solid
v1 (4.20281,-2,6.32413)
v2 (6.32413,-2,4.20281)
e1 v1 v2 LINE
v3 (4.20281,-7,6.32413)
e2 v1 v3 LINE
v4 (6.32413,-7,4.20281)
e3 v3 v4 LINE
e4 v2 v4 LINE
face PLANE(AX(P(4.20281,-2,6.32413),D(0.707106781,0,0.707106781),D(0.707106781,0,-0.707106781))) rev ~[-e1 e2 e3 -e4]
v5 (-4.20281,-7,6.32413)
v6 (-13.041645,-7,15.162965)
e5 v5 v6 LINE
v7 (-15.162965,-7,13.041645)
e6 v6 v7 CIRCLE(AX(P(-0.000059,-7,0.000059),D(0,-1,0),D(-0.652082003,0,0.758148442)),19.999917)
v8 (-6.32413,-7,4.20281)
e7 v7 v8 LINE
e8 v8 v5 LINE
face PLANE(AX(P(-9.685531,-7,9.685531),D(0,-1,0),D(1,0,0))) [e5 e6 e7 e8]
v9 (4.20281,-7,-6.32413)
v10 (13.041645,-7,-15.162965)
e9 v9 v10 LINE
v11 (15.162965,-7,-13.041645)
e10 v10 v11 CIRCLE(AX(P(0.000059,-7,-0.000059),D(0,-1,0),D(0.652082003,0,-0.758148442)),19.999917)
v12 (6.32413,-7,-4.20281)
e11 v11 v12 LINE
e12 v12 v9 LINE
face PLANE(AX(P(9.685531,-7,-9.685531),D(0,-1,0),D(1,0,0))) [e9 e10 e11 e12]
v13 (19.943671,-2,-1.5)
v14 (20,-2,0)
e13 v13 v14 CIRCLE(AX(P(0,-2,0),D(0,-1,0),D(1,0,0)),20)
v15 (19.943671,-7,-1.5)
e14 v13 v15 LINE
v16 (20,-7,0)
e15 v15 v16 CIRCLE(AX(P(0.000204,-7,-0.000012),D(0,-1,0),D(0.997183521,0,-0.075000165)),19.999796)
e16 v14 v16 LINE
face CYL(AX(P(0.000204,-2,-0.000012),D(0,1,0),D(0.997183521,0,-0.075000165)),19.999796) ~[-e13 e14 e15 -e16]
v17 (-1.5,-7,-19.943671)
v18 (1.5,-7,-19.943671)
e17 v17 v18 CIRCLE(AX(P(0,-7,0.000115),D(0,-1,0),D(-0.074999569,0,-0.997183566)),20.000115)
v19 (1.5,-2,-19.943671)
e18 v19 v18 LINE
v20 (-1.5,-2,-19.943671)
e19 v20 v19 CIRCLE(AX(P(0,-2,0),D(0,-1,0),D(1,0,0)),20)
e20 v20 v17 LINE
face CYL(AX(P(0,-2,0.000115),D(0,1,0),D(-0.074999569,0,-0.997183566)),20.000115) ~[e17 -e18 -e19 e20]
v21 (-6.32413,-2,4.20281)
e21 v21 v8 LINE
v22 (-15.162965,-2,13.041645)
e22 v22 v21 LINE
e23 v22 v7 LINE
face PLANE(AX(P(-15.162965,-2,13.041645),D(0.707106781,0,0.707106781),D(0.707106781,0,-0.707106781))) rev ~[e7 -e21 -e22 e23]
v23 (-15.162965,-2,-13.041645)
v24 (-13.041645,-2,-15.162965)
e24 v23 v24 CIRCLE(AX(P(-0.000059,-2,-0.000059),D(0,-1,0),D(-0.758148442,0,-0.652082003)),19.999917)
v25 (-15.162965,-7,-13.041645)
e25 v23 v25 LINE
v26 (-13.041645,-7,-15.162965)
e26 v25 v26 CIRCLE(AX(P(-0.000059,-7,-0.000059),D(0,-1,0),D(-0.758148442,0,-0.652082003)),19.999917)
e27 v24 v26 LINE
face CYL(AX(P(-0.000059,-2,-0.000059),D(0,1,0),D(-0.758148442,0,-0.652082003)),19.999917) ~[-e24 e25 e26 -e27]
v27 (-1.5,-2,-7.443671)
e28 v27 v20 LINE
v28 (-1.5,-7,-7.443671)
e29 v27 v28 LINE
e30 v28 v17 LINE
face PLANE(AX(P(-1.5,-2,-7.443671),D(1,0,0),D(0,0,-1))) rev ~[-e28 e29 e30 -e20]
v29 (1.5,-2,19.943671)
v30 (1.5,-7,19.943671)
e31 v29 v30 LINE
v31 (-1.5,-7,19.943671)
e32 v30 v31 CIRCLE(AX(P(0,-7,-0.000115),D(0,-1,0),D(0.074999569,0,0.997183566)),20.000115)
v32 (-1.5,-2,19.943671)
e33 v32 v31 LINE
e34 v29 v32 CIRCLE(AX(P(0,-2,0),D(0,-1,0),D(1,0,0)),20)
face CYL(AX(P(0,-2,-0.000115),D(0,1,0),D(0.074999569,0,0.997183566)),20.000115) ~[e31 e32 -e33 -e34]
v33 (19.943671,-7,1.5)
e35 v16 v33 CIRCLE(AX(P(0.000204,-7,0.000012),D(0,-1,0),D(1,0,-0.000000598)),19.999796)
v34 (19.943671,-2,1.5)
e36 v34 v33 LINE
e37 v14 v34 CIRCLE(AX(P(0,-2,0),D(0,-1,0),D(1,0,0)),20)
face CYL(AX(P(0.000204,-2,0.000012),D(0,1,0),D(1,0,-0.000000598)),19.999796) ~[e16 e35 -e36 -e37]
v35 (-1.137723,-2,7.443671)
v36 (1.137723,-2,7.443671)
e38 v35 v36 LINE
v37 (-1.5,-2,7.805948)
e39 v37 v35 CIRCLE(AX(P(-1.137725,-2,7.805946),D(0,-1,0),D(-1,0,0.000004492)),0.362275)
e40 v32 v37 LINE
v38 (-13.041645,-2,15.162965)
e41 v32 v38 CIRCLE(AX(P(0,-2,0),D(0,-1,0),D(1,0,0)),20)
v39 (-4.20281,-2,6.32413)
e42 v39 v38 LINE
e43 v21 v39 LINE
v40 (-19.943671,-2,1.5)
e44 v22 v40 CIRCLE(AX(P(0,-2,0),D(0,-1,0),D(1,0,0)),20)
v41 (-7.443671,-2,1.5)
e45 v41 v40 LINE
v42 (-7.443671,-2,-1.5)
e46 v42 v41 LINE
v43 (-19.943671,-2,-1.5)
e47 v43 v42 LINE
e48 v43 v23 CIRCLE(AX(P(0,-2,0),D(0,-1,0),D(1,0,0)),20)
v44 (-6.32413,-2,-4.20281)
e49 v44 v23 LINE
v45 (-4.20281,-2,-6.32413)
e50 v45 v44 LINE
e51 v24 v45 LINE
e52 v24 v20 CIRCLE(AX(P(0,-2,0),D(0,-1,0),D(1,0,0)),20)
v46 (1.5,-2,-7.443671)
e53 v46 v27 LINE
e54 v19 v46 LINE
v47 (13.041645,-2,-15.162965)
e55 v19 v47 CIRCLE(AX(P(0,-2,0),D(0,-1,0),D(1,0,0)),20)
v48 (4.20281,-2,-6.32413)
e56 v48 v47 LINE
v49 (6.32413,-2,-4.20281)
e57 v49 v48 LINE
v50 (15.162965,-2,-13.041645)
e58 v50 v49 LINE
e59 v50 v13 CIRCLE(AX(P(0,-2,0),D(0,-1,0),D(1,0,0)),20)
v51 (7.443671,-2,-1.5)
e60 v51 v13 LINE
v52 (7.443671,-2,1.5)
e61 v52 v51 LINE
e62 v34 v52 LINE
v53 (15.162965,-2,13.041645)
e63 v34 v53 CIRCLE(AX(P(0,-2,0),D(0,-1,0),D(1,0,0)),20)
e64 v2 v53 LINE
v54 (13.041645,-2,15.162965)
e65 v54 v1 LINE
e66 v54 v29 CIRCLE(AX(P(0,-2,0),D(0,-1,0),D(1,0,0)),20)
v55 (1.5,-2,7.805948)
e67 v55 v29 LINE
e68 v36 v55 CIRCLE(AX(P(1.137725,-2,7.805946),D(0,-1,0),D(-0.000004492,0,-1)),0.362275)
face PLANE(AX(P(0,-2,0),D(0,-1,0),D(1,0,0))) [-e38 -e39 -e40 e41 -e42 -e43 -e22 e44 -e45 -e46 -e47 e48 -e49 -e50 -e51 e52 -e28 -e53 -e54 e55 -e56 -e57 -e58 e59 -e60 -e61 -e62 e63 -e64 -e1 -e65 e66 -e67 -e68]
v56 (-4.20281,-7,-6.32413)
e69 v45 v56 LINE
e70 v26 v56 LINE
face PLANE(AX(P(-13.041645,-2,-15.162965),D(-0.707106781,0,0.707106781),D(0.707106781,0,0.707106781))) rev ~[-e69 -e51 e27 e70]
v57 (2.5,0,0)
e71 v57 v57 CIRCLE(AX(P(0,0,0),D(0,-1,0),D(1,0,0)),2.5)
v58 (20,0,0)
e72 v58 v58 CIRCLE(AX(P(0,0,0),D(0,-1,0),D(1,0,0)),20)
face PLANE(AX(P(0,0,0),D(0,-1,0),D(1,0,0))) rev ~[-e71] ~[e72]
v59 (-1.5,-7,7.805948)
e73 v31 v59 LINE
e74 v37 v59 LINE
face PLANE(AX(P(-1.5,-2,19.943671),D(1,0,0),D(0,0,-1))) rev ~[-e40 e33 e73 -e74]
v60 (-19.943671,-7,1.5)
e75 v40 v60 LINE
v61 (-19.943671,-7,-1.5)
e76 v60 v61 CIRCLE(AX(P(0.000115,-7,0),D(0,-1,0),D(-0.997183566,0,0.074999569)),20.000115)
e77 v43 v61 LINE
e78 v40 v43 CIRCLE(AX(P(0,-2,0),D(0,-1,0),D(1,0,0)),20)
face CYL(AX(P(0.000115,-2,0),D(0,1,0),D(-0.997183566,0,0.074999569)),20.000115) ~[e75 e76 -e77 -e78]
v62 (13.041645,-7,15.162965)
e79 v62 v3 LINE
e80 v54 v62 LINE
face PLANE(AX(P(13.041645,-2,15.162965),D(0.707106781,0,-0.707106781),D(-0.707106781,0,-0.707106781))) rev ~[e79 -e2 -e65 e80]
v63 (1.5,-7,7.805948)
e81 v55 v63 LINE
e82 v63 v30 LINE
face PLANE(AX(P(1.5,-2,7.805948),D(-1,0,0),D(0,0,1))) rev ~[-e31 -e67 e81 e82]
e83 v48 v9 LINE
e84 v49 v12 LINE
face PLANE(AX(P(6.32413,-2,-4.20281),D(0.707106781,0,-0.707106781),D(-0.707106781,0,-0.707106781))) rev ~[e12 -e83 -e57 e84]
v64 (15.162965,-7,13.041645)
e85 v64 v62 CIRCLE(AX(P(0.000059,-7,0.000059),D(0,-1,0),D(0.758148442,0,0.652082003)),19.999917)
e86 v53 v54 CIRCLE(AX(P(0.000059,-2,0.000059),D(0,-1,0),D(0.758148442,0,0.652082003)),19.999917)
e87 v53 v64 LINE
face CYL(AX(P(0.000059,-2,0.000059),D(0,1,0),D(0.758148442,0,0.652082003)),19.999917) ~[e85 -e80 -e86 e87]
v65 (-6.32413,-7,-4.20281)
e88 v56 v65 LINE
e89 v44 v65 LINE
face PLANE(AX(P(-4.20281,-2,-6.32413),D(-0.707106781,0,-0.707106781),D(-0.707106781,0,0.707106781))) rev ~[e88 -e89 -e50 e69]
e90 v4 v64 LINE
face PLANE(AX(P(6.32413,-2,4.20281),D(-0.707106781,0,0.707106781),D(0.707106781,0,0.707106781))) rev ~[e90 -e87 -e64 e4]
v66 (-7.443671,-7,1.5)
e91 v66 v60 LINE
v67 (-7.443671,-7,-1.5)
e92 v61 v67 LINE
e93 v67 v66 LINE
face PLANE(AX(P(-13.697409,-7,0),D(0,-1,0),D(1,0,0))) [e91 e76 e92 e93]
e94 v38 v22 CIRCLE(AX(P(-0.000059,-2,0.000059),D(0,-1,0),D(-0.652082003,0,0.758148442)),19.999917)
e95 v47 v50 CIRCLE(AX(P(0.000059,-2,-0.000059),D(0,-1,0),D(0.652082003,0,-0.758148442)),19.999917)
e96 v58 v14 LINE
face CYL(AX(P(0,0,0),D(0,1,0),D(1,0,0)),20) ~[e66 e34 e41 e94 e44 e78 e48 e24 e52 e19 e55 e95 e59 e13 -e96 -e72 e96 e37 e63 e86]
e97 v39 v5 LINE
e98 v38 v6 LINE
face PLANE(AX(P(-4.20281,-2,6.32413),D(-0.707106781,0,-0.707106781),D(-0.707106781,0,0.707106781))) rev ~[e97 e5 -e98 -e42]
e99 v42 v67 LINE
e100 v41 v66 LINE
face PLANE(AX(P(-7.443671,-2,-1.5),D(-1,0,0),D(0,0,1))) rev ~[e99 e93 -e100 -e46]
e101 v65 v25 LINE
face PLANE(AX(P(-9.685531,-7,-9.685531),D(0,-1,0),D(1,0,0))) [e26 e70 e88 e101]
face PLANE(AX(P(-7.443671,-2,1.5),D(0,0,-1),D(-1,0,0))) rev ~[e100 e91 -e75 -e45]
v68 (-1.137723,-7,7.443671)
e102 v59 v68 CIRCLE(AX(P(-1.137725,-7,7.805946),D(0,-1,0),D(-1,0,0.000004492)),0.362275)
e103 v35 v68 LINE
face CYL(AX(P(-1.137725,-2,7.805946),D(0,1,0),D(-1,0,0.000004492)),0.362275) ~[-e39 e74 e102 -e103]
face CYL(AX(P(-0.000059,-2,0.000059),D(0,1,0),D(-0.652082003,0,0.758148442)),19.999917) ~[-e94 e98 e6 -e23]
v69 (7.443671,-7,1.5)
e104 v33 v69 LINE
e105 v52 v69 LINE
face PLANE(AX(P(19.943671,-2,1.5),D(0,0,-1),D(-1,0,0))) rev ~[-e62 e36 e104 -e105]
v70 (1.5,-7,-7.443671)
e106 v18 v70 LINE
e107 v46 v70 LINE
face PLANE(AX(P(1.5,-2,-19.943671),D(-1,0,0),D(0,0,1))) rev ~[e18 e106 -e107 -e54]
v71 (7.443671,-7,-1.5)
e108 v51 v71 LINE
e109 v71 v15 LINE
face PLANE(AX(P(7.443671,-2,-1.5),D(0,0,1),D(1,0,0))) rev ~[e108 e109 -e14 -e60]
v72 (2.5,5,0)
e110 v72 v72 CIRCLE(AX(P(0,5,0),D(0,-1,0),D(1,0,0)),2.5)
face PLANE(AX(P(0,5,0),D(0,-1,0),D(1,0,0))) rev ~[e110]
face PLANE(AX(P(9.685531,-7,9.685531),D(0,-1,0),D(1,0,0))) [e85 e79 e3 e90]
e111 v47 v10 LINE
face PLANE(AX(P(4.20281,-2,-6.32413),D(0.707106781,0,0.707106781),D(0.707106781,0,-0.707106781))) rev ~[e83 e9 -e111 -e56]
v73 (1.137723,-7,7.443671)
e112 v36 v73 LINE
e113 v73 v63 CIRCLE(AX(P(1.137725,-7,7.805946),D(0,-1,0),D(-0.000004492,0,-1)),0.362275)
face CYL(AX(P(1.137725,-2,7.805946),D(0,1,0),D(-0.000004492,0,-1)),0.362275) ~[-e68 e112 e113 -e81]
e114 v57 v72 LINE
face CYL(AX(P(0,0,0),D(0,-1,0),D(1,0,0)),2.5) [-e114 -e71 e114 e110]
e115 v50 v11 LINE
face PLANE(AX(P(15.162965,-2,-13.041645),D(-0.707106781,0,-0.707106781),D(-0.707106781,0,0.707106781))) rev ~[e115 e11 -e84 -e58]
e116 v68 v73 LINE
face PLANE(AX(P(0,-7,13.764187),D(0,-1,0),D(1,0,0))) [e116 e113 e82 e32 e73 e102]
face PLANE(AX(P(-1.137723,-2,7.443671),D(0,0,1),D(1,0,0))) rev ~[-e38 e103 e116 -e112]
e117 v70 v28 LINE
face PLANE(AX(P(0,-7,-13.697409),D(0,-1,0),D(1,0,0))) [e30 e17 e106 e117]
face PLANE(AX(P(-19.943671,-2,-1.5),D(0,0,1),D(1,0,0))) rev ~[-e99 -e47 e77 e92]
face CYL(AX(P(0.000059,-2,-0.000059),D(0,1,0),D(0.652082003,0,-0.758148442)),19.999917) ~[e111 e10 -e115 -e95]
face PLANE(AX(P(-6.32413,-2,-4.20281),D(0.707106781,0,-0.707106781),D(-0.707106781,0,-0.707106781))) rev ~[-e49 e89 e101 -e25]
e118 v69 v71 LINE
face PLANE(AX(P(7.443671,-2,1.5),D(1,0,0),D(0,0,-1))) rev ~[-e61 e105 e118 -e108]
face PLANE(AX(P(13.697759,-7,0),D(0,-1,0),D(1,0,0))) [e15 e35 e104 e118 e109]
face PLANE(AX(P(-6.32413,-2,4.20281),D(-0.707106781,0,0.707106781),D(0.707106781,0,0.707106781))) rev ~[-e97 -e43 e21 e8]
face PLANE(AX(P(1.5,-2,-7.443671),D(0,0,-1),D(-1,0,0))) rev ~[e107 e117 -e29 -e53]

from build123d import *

# Parameters (mm, degrees)
F0_R     = 20
F1_DEPTH = 2
F3_DEPTH = 5
F4_R     = 2.5
F5_DEPTH = 5


with BuildPart() as f1:
    # F0 (on Front) → F1 (new body)
    with BuildSketch(Plane.XZ):
        Circle(F0_R)
    extrude(amount=F1_DEPTH)

    # F2 (on face) → F3 (join)
    with BuildSketch(Plane.XZ.offset(2)):
        with BuildLine():
            Line((-4.20281, 6.32413), (-13.041645, 15.162965))
            ThreePointArc((-13.041645, 15.162965), (-14.142136, 14.142136), (-15.162965, 13.041645))
            Line((-15.162965, 13.041645), (-6.32413, 4.20281))
            Line((-6.32413, 4.20281), (-5.26347, 5.26347))
            Line((-5.26347, 5.26347), (-4.20281, 6.32413))
        make_face()
        with BuildLine():
            Line((-7.443671, 1.5), (-19.943671, 1.5))
            ThreePointArc((-19.943671, 1.5), (-20, 0), (-19.943671, -1.5))
            Line((-19.943671, -1.5), (-7.443671, -1.5))
            Line((-7.443671, -1.5), (-7.443671, 0))
            Line((-7.443671, 0), (-7.443671, 1.5))
        make_face()
        with BuildLine():
            Line((-6.32413, -4.20281), (-15.162965, -13.041645))
            ThreePointArc((-15.162965, -13.041645), (-14.142136, -14.142136), (-13.041645, -15.162965))
            Line((-13.041645, -15.162965), (-4.20281, -6.32413))
            Line((-4.20281, -6.32413), (-5.26347, -5.26347))
            Line((-5.26347, -5.26347), (-6.32413, -4.20281))
        make_face()
        with BuildLine():
            Line((-1.5, -7.443671), (-1.5, -19.943671))
            ThreePointArc((-1.5, -19.943671), (0, -20), (1.5, -19.943671))
            Line((1.5, -19.943671), (1.5, -7.443671))
            Line((1.5, -7.443671), (0, -7.443671))
            Line((0, -7.443671), (-1.5, -7.443671))
        make_face()
        with BuildLine():
            ThreePointArc((-1.5, 7.805948), (-1.393892, 7.549779), (-1.137723, 7.443671))
            Line((-1.137723, 7.443671), (0, 7.443671))
            Line((0, 7.443671), (1.137723, 7.443671))
            ThreePointArc((1.137723, 7.443671), (1.393892, 7.549779), (1.5, 7.805948))
            Line((1.5, 7.805948), (1.5, 19.943671))
            ThreePointArc((1.5, 19.943671), (0, 20), (-1.5, 19.943671))
            Line((-1.5, 19.943671), (-1.5, 7.805948))
        make_face()
        with BuildLine():
            ThreePointArc((15.162965, 13.041645), (14.142136, 14.142136), (13.041645, 15.162965))
            Line((13.041645, 15.162965), (4.20281, 6.32413))
            Line((4.20281, 6.32413), (5.26347, 5.26347))
            Line((5.26347, 5.26347), (6.32413, 4.20281))
            Line((6.32413, 4.20281), (15.162965, 13.041645))
        make_face()
        with BuildLine():
            ThreePointArc((20, 0), (19.985913, 0.750529), (19.943671, 1.5))
            Line((19.943671, 1.5), (7.443671, 1.5))
            Line((7.443671, 1.5), (7.443671, 0))
            Line((7.443671, 0), (7.443671, -1.5))
            Line((7.443671, -1.5), (19.943671, -1.5))
            ThreePointArc((19.943671, -1.5), (19.985913, -0.750529), (20, 0))
        make_face()
        with BuildLine():
            ThreePointArc((13.041645, -15.162965), (14.142136, -14.142136), (15.162965, -13.041645))
            Line((15.162965, -13.041645), (6.32413, -4.20281))
            Line((6.32413, -4.20281), (5.26347, -5.26347))
            Line((5.26347, -5.26347), (4.20281, -6.32413))
            Line((4.20281, -6.32413), (13.041645, -15.162965))
        make_face()
    extrude(amount=F3_DEPTH)

    # F4 (on face) → F5 (join)
    with BuildSketch(Plane.XZ):
        Circle(F4_R)
    extrude(amount=-F5_DEPTH)


solid = f1.part
